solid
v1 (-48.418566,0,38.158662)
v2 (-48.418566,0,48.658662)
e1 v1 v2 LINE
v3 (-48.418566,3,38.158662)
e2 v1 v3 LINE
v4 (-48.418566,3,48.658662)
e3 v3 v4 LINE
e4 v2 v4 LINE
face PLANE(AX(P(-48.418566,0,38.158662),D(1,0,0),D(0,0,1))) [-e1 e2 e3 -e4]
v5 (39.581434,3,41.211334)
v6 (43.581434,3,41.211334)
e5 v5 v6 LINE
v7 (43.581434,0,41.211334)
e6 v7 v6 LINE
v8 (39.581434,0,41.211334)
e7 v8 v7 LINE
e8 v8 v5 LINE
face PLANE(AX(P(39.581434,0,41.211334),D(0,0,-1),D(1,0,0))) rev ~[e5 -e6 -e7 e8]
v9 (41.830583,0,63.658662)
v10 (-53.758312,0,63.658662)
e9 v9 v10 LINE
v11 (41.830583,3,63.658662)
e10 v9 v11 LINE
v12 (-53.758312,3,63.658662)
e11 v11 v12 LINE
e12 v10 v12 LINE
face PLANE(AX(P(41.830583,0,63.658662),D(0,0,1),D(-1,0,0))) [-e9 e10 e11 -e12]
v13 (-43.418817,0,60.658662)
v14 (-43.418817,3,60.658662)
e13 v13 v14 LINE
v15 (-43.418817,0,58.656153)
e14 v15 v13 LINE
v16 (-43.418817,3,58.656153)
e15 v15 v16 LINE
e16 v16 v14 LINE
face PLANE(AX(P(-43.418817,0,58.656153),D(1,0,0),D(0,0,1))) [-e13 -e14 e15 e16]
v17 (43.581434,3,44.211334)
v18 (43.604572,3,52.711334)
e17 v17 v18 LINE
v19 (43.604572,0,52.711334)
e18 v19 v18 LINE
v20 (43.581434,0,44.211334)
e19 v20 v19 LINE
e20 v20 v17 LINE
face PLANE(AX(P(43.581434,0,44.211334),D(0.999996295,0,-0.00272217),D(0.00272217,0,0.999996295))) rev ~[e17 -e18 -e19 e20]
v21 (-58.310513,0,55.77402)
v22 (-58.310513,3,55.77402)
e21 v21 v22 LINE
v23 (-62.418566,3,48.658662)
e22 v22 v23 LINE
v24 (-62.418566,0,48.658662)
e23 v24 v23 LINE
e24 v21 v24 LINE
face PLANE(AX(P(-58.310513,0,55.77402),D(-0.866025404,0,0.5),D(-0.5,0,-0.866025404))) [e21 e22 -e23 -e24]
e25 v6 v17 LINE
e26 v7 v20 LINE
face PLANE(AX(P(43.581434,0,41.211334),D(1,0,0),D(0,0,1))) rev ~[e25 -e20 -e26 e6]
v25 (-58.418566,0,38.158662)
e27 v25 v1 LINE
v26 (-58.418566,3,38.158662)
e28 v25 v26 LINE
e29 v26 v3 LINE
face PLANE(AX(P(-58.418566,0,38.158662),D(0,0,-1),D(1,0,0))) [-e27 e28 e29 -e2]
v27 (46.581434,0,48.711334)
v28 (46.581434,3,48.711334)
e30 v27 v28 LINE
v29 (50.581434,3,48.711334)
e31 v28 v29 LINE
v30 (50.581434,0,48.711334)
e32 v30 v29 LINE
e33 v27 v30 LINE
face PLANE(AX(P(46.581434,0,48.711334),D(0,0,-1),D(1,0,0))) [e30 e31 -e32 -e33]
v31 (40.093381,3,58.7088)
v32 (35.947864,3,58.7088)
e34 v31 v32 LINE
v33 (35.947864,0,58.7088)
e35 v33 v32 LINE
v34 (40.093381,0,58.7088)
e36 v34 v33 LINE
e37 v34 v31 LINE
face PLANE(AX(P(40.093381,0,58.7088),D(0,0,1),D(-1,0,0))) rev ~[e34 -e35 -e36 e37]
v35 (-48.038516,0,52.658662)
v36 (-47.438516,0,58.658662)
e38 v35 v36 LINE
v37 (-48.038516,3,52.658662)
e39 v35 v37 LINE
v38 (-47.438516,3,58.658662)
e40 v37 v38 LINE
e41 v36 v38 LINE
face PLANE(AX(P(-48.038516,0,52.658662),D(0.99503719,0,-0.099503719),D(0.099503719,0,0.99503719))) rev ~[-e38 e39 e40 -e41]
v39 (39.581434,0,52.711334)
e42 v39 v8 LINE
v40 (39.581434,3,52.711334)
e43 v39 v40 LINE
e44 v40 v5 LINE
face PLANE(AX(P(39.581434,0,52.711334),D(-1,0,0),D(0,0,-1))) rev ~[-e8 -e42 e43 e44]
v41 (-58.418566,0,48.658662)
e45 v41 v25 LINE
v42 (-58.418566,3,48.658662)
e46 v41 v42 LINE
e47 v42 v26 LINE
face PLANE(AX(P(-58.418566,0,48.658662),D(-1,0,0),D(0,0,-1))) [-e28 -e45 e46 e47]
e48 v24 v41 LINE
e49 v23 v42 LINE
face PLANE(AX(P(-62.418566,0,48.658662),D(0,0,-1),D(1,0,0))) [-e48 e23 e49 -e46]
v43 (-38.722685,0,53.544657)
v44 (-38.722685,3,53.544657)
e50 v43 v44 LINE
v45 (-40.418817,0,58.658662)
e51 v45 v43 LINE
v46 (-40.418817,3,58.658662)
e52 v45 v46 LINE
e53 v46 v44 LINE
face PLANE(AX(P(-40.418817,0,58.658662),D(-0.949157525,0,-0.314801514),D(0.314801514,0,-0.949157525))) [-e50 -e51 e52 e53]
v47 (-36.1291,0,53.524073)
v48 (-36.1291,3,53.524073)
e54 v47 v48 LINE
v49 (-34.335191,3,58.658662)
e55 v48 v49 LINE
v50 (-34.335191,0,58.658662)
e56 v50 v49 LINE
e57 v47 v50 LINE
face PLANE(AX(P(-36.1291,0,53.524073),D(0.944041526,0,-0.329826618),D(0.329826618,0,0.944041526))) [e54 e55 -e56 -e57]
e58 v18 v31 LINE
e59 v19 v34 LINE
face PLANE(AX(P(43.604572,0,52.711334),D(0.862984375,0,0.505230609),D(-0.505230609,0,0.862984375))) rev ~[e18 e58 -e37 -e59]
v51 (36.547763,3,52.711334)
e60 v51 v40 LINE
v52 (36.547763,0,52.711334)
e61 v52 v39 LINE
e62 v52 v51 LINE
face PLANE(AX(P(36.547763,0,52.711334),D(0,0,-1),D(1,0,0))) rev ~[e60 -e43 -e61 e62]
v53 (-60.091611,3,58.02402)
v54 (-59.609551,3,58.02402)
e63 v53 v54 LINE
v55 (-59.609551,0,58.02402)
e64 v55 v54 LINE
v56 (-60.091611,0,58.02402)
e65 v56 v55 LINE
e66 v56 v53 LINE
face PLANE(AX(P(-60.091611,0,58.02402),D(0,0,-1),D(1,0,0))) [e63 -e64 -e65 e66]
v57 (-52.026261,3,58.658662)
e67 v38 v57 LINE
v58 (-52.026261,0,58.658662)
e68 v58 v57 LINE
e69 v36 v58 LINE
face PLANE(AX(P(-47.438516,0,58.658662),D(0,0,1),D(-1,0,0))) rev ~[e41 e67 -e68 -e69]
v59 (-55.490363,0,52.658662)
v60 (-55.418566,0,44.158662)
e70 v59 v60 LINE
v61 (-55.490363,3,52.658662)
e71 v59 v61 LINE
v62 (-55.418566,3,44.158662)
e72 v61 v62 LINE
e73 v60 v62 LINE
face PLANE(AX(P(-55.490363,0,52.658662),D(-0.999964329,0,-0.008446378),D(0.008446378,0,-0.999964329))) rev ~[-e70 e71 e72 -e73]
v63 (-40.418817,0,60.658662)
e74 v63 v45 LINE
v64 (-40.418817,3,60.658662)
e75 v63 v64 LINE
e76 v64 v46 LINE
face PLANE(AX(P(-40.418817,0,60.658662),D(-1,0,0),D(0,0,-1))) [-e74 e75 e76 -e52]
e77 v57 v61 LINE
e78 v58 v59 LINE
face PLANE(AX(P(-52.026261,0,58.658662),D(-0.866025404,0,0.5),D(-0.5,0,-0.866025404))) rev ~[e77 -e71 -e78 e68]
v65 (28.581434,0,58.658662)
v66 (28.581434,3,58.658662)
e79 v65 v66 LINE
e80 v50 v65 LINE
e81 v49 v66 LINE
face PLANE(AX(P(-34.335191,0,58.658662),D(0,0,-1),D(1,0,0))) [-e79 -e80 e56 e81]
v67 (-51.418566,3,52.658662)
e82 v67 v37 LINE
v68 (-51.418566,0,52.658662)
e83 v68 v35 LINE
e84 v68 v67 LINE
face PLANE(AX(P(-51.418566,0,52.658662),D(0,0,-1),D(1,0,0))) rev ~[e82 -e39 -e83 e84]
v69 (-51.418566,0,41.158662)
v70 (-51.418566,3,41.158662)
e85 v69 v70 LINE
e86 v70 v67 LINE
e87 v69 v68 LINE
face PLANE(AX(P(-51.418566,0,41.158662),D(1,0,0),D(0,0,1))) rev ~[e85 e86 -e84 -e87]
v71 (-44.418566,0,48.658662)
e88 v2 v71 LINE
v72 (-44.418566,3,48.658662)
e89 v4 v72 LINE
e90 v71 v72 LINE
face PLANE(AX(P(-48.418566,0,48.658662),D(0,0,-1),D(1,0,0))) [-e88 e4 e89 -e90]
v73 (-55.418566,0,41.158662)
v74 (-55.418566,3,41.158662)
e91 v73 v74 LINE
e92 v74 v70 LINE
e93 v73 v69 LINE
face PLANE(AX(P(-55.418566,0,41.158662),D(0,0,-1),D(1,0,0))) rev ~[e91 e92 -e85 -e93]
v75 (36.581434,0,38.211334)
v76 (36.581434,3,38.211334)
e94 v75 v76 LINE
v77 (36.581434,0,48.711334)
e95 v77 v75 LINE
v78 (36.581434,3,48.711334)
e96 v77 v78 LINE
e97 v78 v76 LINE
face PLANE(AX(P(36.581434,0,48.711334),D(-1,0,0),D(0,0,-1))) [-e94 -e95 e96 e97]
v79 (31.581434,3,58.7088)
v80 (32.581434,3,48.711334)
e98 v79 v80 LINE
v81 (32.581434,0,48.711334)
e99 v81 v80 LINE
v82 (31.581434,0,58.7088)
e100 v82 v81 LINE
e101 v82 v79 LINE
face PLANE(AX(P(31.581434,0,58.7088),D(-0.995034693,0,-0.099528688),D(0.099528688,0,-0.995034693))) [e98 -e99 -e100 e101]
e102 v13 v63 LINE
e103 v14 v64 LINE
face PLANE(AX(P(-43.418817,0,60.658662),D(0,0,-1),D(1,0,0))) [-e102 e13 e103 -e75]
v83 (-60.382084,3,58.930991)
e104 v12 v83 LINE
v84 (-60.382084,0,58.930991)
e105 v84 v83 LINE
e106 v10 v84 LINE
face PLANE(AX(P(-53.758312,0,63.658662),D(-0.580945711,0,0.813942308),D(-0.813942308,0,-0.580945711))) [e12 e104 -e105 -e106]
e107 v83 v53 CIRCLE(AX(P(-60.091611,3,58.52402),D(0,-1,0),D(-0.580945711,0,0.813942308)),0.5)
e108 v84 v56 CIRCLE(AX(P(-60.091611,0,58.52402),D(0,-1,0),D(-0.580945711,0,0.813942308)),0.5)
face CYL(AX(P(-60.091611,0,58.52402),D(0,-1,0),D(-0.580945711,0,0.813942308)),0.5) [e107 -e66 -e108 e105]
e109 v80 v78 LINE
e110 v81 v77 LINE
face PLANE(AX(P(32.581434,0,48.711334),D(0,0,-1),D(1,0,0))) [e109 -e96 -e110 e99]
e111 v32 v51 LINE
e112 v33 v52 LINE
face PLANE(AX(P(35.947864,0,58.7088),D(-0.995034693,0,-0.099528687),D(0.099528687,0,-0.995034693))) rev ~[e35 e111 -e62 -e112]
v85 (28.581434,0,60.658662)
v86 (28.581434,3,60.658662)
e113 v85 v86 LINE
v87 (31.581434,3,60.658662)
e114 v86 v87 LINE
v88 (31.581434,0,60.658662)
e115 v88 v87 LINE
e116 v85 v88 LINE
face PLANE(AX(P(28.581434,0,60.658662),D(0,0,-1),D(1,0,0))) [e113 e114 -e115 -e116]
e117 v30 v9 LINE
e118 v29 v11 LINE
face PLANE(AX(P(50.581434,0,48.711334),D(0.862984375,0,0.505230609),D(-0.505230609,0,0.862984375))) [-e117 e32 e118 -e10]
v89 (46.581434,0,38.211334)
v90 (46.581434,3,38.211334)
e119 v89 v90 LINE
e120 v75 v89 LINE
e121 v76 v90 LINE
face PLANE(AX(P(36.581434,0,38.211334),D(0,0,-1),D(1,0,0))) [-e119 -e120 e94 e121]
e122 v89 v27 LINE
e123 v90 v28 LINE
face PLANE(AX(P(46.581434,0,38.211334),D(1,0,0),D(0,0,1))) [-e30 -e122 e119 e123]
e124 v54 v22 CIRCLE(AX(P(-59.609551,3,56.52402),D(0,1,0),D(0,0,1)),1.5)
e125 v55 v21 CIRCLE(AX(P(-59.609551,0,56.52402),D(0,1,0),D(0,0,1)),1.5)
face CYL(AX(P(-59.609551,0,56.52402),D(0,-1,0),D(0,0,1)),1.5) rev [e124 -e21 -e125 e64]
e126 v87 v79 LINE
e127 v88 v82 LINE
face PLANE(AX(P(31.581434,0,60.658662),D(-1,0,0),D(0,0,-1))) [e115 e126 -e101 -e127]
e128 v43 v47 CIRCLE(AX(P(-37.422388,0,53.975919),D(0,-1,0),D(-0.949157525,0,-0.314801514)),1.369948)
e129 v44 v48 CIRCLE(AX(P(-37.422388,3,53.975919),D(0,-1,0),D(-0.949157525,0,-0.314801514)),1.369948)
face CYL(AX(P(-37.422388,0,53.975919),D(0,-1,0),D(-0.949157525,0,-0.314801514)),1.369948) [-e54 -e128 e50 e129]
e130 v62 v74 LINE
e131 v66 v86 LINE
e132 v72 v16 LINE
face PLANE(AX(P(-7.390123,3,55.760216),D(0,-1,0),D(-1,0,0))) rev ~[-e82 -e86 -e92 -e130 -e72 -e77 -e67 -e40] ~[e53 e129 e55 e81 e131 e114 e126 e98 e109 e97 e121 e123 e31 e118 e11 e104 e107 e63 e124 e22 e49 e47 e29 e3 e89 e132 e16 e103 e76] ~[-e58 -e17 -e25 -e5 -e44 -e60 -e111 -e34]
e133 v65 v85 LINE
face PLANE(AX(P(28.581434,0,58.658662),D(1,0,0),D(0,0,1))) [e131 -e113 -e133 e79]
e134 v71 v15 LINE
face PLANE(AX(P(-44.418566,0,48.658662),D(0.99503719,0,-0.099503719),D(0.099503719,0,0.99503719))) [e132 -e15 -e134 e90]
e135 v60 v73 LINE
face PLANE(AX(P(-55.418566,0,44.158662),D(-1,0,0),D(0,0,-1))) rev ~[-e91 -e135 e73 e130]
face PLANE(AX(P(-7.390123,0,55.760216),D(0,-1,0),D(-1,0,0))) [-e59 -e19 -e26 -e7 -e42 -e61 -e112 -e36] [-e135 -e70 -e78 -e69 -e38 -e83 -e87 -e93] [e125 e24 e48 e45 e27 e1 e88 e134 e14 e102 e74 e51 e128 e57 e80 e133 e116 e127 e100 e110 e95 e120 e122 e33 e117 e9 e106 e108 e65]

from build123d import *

# Parameters (mm, degrees)
BOSS_EXTRUDE1_DEPTH = 3


with BuildPart() as part:
    # Sketch1 → Boss-Extrude1 (new body)
    with BuildSketch(Plane(origin=(0, 0, 0), x_dir=(1, 0, 0), z_dir=(0, 1, 0))):
        with BuildLine():
            Line((-62.418566214, -48.6586621), (-58.418566214, -48.6586621))
            Line((-58.418566214, -48.6586621), (-58.418566214, -38.1586621))
            Line((-58.418566214, -38.1586621), (-48.418566214, -38.1586621))
            Line((-48.418566214, -38.1586621), (-48.418566214, -48.6586621))
            Line((-48.418566214, -48.6586621), (-44.418566214, -48.6586621))
            Line((-44.418566214, -48.6586621), (-43.418817081, -58.656153425))
            Line((-43.418817081, -58.656153425), (-43.418817081, -60.6586621))
            Line((-43.418817081, -60.6586621), (-40.418817081, -60.6586621))
            Line((-40.418817081, -60.6586621), (-40.418817081, -58.6586621))
            Line((-40.418817081, -58.6586621), (-38.722684913, -53.544656797))
            ThreePointArc((-38.722684913, -53.544656797), (-37.43326006, -52.606013311), (-36.129099744, -53.524073178))
            Line((-36.129099744, -53.524073178), (-34.335191263, -58.6586621))
            Line((-34.335191263, -58.6586621), (28.581433786, -58.6586621))
            Line((28.581433786, -58.6586621), (28.581433786, -60.6586621))
            Line((28.581433786, -60.6586621), (31.581433786, -60.6586621))
            Line((31.581433786, -60.6586621), (31.581433786, -58.708800497))
            Line((31.581433786, -58.708800497), (32.581433786, -48.711334262))
            Line((32.581433786, -48.711334262), (36.581433786, -48.711334262))
            Line((36.581433786, -48.711334262), (36.581433786, -38.211334262))
            Line((36.581433786, -38.211334262), (46.581433786, -38.211334262))
            Line((46.581433786, -38.211334262), (46.581433786, -48.711334262))
            Line((46.581433786, -48.711334262), (50.581433786, -48.711334262))
            Line((50.581433786, -48.711334262), (41.830582941, -63.6586621))
            Line((41.830582941, -63.6586621), (-53.758312176, -63.6586621))
            Line((-53.758312176, -63.6586621), (-60.382083638, -58.930990881))
            ThreePointArc((-60.382083638, -58.930990881), (-60.567785948, -58.371516574), (-60.091610782, -58.024019727))
            Line((-60.091610782, -58.024019727), (-59.609550678, -58.024019727))
            ThreePointArc((-59.609550678, -58.024019727), (-58.310512573, -57.274019727), (-58.310512573, -55.774019727))
            Line((-58.310512573, -55.774019727), (-62.418566214, -48.6586621))
        make_face()
        Polygon((36.547763078, -52.711334262), (39.581433786, -52.711334262), (39.581433786, -44.211334262), (39.581433786, -41.211334262), (43.581433786, -41.211334262), (43.581433786, -44.211334262), (43.604572315, -52.711334262), (40.093380681, -58.708800497), (35.947864455, -58.708800497), align=None, mode=Mode.SUBTRACT)
        Polygon((-55.418566214, -41.1586621), (-51.418566214, -41.1586621), (-51.418566214, -44.1586621), (-51.418566214, -52.6586621), (-48.038516462, -52.6586621), (-47.438516462, -58.6586621), (-52.026261368, -58.6586621), (-55.490362984, -52.6586621), (-55.418566214, -44.1586621), align=None, mode=Mode.SUBTRACT)
    extrude(amount=BOSS_EXTRUDE1_DEPTH)


solid = part.part
